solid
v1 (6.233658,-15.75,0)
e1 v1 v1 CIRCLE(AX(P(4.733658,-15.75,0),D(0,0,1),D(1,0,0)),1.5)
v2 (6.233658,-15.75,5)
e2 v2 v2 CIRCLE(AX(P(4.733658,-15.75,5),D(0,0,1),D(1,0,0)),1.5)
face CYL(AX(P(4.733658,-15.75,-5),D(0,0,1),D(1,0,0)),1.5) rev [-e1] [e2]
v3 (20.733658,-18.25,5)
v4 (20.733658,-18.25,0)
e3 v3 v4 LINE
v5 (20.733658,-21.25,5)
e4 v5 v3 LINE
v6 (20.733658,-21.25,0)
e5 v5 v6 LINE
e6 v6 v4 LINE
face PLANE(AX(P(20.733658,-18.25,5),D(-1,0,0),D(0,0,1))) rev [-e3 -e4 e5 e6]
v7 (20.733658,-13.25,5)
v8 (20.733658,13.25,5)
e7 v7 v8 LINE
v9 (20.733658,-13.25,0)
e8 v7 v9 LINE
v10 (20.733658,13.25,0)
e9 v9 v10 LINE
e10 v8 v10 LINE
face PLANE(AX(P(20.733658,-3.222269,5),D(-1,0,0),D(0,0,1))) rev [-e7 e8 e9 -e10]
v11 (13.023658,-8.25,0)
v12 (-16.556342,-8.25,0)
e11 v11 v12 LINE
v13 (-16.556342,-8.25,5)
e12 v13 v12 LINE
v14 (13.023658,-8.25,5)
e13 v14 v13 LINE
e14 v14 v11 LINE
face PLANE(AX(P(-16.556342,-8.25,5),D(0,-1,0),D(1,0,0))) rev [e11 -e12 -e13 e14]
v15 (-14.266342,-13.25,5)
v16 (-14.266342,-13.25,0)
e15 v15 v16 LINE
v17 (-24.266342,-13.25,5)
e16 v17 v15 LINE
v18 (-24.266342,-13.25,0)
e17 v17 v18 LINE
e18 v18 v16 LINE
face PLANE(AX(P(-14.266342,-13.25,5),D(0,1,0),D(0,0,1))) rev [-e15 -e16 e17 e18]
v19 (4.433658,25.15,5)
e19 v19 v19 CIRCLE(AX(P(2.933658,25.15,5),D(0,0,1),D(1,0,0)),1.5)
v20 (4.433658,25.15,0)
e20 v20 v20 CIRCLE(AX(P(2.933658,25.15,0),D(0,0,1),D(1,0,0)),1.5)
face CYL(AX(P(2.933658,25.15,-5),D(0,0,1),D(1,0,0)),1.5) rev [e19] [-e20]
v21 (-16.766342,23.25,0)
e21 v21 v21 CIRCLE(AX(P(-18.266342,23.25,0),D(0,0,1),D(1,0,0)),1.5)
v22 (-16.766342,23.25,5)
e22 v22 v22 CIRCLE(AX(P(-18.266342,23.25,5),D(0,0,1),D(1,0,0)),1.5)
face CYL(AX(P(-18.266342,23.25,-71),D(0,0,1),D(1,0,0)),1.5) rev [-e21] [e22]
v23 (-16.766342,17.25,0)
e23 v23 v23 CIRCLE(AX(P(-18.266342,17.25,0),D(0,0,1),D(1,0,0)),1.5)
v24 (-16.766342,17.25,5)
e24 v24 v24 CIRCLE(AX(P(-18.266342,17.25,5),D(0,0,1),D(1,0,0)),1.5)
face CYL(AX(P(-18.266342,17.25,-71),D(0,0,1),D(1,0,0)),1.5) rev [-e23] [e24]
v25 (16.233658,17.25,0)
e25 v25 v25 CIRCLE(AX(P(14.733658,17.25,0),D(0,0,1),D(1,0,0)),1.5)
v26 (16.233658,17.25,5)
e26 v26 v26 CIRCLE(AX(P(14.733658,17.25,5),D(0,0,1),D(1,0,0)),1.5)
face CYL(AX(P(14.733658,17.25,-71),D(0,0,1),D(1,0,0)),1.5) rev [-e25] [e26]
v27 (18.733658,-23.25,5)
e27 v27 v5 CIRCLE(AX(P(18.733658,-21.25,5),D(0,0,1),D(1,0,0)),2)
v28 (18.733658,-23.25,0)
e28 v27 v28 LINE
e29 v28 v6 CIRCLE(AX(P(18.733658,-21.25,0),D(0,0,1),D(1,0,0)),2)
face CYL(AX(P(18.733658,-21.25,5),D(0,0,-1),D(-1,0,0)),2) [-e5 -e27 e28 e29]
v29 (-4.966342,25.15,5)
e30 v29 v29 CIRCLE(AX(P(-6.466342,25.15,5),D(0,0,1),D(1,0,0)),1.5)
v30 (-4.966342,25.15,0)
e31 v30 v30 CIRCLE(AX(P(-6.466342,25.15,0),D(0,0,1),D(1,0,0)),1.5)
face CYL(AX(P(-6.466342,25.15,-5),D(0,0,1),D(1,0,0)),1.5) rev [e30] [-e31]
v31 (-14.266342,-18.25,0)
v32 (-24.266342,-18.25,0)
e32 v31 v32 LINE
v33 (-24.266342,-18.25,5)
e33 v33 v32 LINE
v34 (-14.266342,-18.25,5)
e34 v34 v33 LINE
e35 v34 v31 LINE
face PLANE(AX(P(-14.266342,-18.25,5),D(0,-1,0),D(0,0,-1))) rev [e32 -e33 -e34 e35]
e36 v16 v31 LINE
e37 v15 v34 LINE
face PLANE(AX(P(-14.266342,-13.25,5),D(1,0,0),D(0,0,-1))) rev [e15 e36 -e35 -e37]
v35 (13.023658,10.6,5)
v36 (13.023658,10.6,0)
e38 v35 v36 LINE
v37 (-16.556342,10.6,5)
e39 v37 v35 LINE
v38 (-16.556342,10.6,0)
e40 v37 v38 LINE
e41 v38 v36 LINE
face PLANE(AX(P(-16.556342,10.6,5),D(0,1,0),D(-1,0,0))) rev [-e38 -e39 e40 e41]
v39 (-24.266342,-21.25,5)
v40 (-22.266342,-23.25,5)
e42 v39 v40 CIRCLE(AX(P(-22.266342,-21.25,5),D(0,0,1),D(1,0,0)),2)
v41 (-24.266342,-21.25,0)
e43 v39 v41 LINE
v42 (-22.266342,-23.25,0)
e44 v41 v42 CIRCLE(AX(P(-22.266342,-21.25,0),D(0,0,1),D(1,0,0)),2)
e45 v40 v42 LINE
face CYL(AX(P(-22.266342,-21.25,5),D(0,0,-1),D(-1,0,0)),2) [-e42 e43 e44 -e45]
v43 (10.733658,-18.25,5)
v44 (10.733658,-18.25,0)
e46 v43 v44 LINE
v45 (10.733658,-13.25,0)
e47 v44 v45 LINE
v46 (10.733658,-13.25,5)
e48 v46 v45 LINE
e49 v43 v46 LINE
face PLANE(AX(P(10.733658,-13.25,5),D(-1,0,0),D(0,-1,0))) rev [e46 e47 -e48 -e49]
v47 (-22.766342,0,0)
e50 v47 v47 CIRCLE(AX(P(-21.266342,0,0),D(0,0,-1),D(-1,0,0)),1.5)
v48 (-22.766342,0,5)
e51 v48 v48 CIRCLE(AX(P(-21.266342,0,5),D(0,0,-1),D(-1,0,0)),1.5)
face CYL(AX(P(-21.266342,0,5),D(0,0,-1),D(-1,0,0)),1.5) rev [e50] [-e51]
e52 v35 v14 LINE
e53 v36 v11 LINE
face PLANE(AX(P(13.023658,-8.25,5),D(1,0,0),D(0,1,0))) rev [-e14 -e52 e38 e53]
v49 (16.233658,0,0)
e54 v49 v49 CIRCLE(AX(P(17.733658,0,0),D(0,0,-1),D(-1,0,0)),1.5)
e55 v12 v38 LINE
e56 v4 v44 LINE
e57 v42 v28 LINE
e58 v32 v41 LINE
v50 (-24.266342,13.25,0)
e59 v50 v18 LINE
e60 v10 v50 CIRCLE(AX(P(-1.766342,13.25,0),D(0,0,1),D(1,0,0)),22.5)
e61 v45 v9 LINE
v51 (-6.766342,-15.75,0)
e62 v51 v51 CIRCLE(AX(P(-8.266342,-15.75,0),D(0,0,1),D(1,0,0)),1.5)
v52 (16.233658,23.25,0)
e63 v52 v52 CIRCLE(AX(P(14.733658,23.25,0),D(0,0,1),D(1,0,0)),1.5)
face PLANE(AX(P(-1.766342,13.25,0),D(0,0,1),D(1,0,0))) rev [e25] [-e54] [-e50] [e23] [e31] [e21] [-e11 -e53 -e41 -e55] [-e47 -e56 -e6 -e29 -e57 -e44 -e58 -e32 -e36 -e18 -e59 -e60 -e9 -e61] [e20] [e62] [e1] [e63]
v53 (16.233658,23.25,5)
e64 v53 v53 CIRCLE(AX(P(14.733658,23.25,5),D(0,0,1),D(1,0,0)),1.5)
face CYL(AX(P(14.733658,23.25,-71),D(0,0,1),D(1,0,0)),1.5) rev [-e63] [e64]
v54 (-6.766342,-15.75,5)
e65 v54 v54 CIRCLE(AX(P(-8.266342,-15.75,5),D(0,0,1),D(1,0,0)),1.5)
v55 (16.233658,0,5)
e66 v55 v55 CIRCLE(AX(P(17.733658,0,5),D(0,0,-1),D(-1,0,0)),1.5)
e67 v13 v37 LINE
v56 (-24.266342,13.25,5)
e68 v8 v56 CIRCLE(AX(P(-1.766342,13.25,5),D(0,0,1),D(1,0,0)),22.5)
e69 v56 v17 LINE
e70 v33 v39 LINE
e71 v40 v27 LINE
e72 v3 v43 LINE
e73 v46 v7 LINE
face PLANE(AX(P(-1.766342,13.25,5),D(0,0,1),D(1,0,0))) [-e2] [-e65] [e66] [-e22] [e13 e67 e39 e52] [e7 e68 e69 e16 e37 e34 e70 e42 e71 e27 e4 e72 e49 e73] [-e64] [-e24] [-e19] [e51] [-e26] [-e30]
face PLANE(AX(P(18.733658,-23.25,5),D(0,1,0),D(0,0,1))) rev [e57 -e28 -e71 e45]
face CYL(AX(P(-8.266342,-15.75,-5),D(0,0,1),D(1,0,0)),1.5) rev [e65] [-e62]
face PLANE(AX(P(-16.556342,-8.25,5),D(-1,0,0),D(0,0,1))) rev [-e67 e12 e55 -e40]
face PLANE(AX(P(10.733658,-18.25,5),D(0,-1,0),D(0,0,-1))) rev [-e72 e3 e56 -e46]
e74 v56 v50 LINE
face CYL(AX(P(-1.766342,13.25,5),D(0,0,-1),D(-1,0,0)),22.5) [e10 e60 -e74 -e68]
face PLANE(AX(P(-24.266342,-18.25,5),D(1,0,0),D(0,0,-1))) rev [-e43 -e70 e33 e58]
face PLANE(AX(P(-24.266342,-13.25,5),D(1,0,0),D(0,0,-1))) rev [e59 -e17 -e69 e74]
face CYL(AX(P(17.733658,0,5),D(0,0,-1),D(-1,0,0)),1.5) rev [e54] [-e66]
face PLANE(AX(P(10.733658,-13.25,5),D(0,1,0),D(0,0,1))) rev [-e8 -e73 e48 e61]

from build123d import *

# Parameters (mm, degrees)
RESSALTO_EXTRUS_O2_DEPTH = 5
ESBO_O9_W                = 29.58
ESBO_O9_H                = 18.85
CORTE_EXTRUS_O1_DEPTH    = 5
ESBO_O10_R               = 1.5
CORTE_EXTRUS_O2_DEPTH    = 5
ESBO_O12_R               = 1.5
CORTE_EXTRUS_O3_DEPTH    = 10
ESBO_O13_R               = 1.5
CORTE_EXTRUS_O4_DEPTH    = 10
ESBO_O14_R               = 1.5
CORTE_EXTRUS_O5_DEPTH    = 76


with BuildPart() as part:
    # Esboço8 → Ressalto-extrusão2 (new body)
    with BuildSketch(Plane.XY):
        with BuildLine():
            Line((-24.266341706, -3.25), (-24.266341706, 13.25))
            ThreePointArc((-24.266341706, 13.25), (-1.766341706, 35.75), (20.733658294, 13.25))
            Line((20.733658294, 13.25), (20.733658294, -3.222268622))
            Line((20.733658294, -3.222268622), (20.733658294, -3.25))
            Line((20.733658294, -3.25), (20.733658294, -13.25))
            Line((20.733658294, -13.25), (10.733658294, -13.25))
            Line((10.733658294, -13.25), (10.733658294, -18.25))
            Line((10.733658294, -18.25), (20.733658294, -18.25))
            Line((20.733658294, -18.25), (20.733658294, -21.25))
            ThreePointArc((20.733658294, -21.25), (20.147871857, -22.664213562), (18.733658294, -23.25))
            Line((18.733658294, -23.25), (-22.266341706, -23.25))
            ThreePointArc((-22.266341706, -23.25), (-23.680555268, -22.664213562), (-24.266341706, -21.25))
            Line((-24.266341706, -21.25), (-24.266341706, -18.25))
            Line((-24.266341706, -18.25), (-14.266341706, -18.25))
            Line((-14.266341706, -18.25), (-14.266341706, -13.25))
            Line((-14.266341706, -13.25), (-24.266341706, -13.25))
            Line((-24.266341706, -13.25), (-24.266341706, -3.25))
        make_face()
    extrude(amount=RESSALTO_EXTRUS_O2_DEPTH)

    # Esboço9 → Corte-extrusão1 (cut)
    with BuildSketch(Plane(origin=(0, 0, 0), x_dir=(-1, 0, 0), z_dir=(0, 0, -1))):
        with Locations((1.766341706, 1.175)):
            Rectangle(ESBO_O9_W, ESBO_O9_H)
    extrude(amount=-CORTE_EXTRUS_O1_DEPTH, mode=Mode.SUBTRACT)

    # Esboço10 → Corte-extrusão2 (cut)
    with BuildSketch(Plane(origin=(0, 0, 0), x_dir=(-1, 0, 0), z_dir=(0, 0, -1))):
        with Locations((-17.733658294, 0)):
            Circle(ESBO_O10_R)
        with Locations((21.266341706, 0)):
            Circle(ESBO_O10_R)
    extrude(amount=-CORTE_EXTRUS_O2_DEPTH, mode=Mode.SUBTRACT)

    # Esboço12 → Corte-extrusão3 (cut)
    with BuildSketch(Plane.XY.offset(5)):
        with Locations((4.733658294, -15.75)):
            Circle(ESBO_O12_R)
        with Locations((-8.266341706, -15.75)):
            Circle(ESBO_O12_R)
    extrude(amount=-CORTE_EXTRUS_O3_DEPTH, mode=Mode.SUBTRACT)

    # Esboço13 → Corte-extrusão4 (cut)
    with BuildSketch(Plane.XY.offset(5)):
        with Locations((2.933658294, 25.15)):
            Circle(ESBO_O13_R)
        with Locations((-6.466341706, 25.15)):
            Circle(ESBO_O13_R)
    extrude(amount=-CORTE_EXTRUS_O4_DEPTH, mode=Mode.SUBTRACT)

    # Esboço14 → Corte-extrusão5 (cut)
    with BuildSketch(Plane.XY.offset(5)):
        with Locations((14.733658294, 17.25)):
            Circle(ESBO_O14_R)
        with Locations((14.733658294, 23.25)):
            Circle(ESBO_O14_R)
        with Locations((-18.266341706, 23.25)):
            Circle(ESBO_O14_R)
        with Locations((-18.266341706, 17.25)):
            Circle(ESBO_O14_R)
    extrude(amount=-CORTE_EXTRUS_O5_DEPTH, mode=Mode.SUBTRACT)


solid = part.part
